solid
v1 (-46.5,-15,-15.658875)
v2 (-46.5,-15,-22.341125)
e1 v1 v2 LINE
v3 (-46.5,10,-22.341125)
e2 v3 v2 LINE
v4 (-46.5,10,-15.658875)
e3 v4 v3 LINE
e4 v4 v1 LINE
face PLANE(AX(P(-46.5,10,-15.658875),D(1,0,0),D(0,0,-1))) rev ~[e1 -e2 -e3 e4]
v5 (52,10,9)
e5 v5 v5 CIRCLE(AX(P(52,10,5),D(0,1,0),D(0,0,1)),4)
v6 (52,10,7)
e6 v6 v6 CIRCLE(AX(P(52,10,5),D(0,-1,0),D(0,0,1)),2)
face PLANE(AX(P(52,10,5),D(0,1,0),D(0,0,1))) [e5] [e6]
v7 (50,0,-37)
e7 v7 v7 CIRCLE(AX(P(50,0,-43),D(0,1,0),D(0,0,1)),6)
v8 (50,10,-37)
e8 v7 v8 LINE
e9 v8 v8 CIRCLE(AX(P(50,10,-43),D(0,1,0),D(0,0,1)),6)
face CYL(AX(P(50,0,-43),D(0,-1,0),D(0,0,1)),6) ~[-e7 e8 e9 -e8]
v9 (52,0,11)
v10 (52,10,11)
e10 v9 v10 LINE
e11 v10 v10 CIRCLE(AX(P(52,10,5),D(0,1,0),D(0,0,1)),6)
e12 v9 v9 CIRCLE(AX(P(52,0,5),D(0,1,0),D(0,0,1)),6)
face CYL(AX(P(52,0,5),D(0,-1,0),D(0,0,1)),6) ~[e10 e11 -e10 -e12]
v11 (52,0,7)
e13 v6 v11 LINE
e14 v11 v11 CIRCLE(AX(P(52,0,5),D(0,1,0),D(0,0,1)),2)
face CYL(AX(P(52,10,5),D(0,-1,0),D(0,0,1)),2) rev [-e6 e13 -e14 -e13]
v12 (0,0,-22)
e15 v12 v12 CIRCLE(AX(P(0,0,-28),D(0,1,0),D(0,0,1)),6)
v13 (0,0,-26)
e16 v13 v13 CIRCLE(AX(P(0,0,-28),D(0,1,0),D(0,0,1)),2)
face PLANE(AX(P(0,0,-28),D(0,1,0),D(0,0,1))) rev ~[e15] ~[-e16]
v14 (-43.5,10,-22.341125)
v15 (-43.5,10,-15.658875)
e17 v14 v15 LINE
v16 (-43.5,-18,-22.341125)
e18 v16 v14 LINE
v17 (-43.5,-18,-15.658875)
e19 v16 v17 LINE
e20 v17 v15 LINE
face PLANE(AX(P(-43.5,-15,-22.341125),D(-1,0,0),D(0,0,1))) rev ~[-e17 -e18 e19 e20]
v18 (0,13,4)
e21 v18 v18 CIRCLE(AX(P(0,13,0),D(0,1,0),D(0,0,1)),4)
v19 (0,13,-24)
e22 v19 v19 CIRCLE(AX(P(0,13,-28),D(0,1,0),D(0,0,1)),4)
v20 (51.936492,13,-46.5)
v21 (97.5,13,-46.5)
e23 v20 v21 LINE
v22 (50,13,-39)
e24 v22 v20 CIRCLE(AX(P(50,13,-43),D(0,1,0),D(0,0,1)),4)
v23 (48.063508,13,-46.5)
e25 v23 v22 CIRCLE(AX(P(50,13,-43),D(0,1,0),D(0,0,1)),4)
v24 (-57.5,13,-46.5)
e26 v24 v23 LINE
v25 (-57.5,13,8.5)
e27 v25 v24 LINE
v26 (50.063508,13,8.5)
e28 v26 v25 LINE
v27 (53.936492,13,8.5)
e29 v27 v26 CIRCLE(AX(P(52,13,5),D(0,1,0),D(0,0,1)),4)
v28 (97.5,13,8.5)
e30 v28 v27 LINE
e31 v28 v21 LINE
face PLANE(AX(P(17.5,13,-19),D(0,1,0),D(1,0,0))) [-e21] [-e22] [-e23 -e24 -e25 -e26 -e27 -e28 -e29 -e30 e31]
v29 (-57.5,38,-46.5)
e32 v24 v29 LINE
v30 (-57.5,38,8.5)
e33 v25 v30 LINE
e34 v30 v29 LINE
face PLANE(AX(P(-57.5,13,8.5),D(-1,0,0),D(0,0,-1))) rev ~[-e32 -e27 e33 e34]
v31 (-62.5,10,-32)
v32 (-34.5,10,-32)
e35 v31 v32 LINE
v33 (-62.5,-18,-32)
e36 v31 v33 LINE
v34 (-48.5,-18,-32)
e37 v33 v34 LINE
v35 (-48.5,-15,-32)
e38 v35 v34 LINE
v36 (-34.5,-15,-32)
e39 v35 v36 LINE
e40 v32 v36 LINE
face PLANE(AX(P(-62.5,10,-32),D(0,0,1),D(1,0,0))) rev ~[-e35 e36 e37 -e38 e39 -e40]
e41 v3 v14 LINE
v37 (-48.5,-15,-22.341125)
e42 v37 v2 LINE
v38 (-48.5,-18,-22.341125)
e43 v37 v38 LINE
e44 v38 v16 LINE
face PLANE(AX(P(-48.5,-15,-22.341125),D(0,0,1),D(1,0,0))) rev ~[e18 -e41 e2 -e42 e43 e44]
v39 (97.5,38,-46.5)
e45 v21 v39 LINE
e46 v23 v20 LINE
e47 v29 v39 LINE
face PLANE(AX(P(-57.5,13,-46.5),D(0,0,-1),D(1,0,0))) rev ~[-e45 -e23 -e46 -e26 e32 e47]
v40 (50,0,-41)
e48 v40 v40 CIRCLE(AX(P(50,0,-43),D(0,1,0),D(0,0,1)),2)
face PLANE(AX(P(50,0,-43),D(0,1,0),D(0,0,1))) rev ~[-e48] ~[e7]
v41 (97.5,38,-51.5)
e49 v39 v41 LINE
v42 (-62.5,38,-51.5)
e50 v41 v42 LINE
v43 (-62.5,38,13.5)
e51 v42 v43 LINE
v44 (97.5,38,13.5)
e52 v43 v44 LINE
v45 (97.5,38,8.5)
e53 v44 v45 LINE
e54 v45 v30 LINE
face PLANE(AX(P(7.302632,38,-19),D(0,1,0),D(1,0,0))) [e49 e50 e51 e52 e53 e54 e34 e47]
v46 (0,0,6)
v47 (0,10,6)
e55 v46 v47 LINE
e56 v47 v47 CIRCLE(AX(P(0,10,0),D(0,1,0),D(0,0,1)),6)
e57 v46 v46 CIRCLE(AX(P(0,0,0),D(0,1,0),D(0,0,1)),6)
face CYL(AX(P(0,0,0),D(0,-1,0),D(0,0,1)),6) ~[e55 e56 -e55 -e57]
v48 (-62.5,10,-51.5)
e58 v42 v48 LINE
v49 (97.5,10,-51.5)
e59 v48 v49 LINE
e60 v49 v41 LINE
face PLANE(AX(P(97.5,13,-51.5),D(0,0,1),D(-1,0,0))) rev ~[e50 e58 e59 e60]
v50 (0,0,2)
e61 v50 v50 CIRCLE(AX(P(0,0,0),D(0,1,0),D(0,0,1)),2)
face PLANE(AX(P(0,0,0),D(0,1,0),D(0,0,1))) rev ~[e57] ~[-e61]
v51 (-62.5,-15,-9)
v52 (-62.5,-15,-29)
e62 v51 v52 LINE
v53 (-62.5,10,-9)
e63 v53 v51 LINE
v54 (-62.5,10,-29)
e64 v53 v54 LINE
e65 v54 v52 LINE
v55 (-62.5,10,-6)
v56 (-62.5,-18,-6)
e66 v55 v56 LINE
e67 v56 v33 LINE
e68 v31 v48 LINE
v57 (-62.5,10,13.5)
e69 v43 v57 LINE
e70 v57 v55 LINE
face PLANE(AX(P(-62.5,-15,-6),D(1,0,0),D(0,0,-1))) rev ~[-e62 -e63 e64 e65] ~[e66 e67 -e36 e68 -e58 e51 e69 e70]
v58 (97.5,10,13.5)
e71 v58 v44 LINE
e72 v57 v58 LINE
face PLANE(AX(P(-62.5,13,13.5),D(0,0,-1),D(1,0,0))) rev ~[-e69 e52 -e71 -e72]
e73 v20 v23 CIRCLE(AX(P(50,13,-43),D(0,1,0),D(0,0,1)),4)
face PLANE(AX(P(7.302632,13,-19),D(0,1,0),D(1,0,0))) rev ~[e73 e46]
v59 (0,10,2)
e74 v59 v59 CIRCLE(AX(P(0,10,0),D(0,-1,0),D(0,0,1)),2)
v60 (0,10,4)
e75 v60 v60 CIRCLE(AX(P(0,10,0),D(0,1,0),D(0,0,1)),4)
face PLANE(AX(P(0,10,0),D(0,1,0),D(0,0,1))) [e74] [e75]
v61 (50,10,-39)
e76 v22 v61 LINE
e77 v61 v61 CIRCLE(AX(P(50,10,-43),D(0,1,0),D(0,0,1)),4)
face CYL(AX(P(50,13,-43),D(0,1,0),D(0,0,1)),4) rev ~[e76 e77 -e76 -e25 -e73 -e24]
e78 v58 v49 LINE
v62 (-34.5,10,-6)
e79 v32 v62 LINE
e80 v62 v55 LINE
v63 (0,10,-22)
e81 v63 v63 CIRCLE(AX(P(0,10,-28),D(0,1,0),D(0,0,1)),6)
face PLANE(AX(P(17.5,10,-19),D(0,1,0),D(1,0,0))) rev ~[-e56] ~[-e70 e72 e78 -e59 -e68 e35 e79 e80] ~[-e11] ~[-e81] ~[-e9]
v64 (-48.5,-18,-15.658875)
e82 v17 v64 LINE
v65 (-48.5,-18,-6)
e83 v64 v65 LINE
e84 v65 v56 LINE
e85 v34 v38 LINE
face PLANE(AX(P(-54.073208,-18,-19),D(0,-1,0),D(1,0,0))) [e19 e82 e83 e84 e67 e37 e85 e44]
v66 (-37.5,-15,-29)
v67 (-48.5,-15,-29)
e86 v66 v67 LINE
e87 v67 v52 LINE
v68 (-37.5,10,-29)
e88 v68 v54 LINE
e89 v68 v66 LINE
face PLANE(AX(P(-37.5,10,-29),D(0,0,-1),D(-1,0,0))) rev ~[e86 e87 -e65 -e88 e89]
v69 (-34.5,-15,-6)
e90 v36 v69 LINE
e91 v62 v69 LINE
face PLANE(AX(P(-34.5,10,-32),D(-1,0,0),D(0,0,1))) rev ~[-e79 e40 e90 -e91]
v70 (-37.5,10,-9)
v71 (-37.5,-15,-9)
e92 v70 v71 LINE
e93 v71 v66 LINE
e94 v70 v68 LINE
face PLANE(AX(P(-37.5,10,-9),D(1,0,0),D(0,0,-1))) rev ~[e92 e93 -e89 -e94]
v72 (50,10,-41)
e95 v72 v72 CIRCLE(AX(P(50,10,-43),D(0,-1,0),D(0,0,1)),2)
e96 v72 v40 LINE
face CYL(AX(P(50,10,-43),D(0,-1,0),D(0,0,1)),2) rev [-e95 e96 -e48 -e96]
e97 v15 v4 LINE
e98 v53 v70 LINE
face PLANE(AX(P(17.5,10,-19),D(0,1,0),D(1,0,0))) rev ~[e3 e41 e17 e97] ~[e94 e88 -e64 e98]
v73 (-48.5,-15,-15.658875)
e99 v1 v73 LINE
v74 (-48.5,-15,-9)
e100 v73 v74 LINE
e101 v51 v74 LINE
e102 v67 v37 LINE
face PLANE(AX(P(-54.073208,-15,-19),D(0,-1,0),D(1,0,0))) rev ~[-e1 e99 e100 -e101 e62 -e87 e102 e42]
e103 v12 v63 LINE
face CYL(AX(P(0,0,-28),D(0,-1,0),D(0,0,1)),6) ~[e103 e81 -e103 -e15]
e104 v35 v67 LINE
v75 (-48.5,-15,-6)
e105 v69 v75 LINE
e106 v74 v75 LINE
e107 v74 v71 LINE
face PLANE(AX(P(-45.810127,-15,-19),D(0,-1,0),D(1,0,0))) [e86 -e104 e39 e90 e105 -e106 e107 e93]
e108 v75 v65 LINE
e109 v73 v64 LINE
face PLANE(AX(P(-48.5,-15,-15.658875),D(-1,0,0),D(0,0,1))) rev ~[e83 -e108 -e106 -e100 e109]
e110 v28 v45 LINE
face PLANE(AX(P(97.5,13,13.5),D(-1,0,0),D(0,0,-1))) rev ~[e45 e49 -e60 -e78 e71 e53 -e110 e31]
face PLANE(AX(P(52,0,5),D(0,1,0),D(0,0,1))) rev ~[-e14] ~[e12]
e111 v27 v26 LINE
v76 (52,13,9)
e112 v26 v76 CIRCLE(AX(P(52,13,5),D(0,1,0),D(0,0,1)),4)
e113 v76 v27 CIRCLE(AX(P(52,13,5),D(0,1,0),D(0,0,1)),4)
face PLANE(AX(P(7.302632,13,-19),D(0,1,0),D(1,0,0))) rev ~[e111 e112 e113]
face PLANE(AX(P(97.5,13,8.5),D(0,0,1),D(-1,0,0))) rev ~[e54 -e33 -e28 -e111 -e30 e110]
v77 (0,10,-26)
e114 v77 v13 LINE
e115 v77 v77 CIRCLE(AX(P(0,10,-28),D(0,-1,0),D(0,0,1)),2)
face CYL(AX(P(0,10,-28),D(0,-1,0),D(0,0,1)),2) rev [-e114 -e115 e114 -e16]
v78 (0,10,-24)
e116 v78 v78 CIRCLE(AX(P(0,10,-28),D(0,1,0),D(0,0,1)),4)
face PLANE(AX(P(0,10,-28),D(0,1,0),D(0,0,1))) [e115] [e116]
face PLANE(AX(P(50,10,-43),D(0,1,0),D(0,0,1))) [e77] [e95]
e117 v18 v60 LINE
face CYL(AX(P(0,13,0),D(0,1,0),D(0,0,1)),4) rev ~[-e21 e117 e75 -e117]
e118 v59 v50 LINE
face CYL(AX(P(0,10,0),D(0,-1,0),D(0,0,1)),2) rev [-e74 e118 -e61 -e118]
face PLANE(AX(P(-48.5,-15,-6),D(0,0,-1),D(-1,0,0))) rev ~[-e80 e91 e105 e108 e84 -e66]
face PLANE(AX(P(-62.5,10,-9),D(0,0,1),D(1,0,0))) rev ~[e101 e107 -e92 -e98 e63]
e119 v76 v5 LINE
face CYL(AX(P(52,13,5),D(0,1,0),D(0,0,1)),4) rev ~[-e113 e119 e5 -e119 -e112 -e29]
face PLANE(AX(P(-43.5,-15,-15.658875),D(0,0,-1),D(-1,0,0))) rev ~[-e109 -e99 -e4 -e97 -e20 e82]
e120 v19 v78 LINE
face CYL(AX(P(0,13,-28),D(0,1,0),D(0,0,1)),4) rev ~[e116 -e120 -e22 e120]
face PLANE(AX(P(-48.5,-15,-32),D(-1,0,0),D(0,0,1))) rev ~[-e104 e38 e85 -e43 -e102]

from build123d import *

# Parameters (mm, degrees)
SKETCH1_R                                = 6
SKETCH1_R_2                              = 2
ARDUINO_OFFSET_PINS_DEPTH                = 10
ARDUINO_OFFSET_PINS_2_DEPTH              = 10
ARDUINO_OFFSET_PINS_3_DEPTH              = 10
ARDUINO_OFFSET_PINS_4_DEPTH              = 10
SKETCH2_W                                = 160
SKETCH2_H                                = 65
SKETCH2_R                                = 2
BATTERY_HOLDER_BASE_DEPTH                = 3
SKETCH3_R                                = 4
BATTERY_HOLDER_ARDUINO_COUNTERSINK_DEPTH = 3
BATTERYHOLDER_WALLS_DEPTH                = 25
SEEED_HOLDER_WALLS_DEPTH                 = 25
SEEED_HOLDER_CAP_DEPTH                   = 3


with BuildPart() as part:
    # Sketch1 → Arduino Offset Pins (new body)
    with BuildSketch(Plane(origin=(0, 0, 0), x_dir=(1, 0, 0), z_dir=(0, 1, 0))):
        with Locations(Location((0, 28, 0), (0, 0, 270))):
            Circle(SKETCH1_R)
        with Locations(Location((0, 28, 0), (0, 0, 270))):
            Circle(SKETCH1_R_2, mode=Mode.SUBTRACT)
    extrude(amount=ARDUINO_OFFSET_PINS_DEPTH)



with BuildPart() as body_2:
    # Sketch1 → Arduino Offset Pins 2 (new body)
    with BuildSketch(Plane(origin=(0, 0, 0), x_dir=(1, 0, 0), z_dir=(0, 1, 0))):
        with Locations(Location((0, 0, 0), (0, 0, 270))):
            Circle(SKETCH1_R)
        with Locations(Location((0, 0, 0), (0, 0, 270))):
            Circle(SKETCH1_R_2, mode=Mode.SUBTRACT)
    extrude(amount=ARDUINO_OFFSET_PINS_2_DEPTH)


with BuildPart() as body_3:
    # Sketch1 → Arduino Offset Pins 3 (new body)
    with BuildSketch(Plane(origin=(0, 0, 0), x_dir=(1, 0, 0), z_dir=(0, 1, 0))):
        with Locations(Location((52, -5, 0), (0, 0, 270))):
            Circle(SKETCH1_R)
        with Locations(Location((52, -5, 0), (0, 0, 270))):
            Circle(SKETCH1_R_2, mode=Mode.SUBTRACT)
    extrude(amount=ARDUINO_OFFSET_PINS_3_DEPTH)


with BuildPart() as body_4:
    # Sketch1 → Arduino Offset Pins 4 (new body)
    with BuildSketch(Plane(origin=(0, 0, 0), x_dir=(1, 0, 0), z_dir=(0, 1, 0))):
        with Locations(Location((50, 43, 0), (0, 0, 270))):
            Circle(SKETCH1_R)
        with Locations(Location((50, 43, 0), (0, 0, 270))):
            Circle(SKETCH1_R_2, mode=Mode.SUBTRACT)
    extrude(amount=ARDUINO_OFFSET_PINS_4_DEPTH)


with BuildPart() as part_1:
    add(part.part)

    add(body_2.part)  # battery holder base merges body 2

    add(body_3.part)  # battery holder base merges body 3

    add(body_4.part)  # battery holder base merges body 4
    # Sketch2 → battery holder base (add)
    with BuildSketch(Plane(origin=(0, 10, 0), x_dir=(1, 0, 0), z_dir=(0, 1, 0))):
        with Locations((17.5, 19)):
            Rectangle(SKETCH2_W, SKETCH2_H)
        with Locations(Location((0, 0, 0), (0, 0, 270))):
            Circle(SKETCH2_R, mode=Mode.SUBTRACT)
        with Locations(Location((0, 28, 0), (0, 0, 270))):
            Circle(SKETCH2_R, mode=Mode.SUBTRACT)
        with Locations(Location((50, 43, 0), (0, 0, 270))):
            Circle(SKETCH2_R, mode=Mode.SUBTRACT)
        with Locations(Location((52, -5, 0), (0, 0, 270))):
            Circle(SKETCH2_R, mode=Mode.SUBTRACT)
    extrude(amount=BATTERY_HOLDER_BASE_DEPTH)

    # Sketch3 → Battery Holder Arduino Countersink (cut)
    with BuildSketch(Plane(origin=(0, 13, 0), x_dir=(1, 0, 0), z_dir=(0, 1, 0))):
        with Locations(Location((0, 0, 0), (0, 0, 270))):
            Circle(SKETCH3_R)
        with Locations(Location((0, 28, 0), (0, 0, 270))):
            Circle(SKETCH3_R)
        with Locations(Location((52, -5, 0), (0, 0, 270))):
            Circle(SKETCH3_R)
        with Locations(Location((50, 43, 0), (0, 0, 270))):
            Circle(SKETCH3_R)
    extrude(amount=-BATTERY_HOLDER_ARDUINO_COUNTERSINK_DEPTH, mode=Mode.SUBTRACT)

    # Sketch4 → BatteryHolder Walls (add)
    with BuildSketch(Plane(origin=(0, 13, 0), x_dir=(1, 0, 0), z_dir=(0, 1, 0))):
        Polygon((-62.5, -13.5), (97.5, -13.5), (97.5, -8.5), (-57.5, -8.5), (-57.5, 46.5), (97.5, 46.5), (97.5, 51.5), (-62.5, 51.5), (-62.5, 46.5), (-62.5, -8.5), align=None)
    extrude(amount=BATTERYHOLDER_WALLS_DEPTH)

    # Sketch6 → SEEED holder walls (add)
    with BuildSketch(Plane.XZ.offset(-10)):
        Polygon((-34.5, -32), (-34.5, -6), (-62.5, -6), (-62.5, -9), (-37.5, -9), (-37.5, -29), (-62.5, -29), (-62.5, -32), align=None)
        Polygon((-43.5, -19), (-43.5, -15.658875471), (-46.5, -15.658875471), (-46.5, -19), (-46.5, -22.341124529), (-43.5, -22.341124529), align=None)
    extrude(amount=SEEED_HOLDER_WALLS_DEPTH)

    # Sketch7 → Seeed holder cap (add)
    with BuildSketch(Plane.XZ.offset(15)):
        Polygon((-48.5, -15.658875471), (-48.5, -6), (-62.5, -6), (-62.5, -32), (-48.5, -32), (-48.5, -22.341124529), (-43.5, -22.341124529), (-43.5, -15.658875471), align=None)
    extrude(amount=SEEED_HOLDER_CAP_DEPTH)


solid = part_1.part
